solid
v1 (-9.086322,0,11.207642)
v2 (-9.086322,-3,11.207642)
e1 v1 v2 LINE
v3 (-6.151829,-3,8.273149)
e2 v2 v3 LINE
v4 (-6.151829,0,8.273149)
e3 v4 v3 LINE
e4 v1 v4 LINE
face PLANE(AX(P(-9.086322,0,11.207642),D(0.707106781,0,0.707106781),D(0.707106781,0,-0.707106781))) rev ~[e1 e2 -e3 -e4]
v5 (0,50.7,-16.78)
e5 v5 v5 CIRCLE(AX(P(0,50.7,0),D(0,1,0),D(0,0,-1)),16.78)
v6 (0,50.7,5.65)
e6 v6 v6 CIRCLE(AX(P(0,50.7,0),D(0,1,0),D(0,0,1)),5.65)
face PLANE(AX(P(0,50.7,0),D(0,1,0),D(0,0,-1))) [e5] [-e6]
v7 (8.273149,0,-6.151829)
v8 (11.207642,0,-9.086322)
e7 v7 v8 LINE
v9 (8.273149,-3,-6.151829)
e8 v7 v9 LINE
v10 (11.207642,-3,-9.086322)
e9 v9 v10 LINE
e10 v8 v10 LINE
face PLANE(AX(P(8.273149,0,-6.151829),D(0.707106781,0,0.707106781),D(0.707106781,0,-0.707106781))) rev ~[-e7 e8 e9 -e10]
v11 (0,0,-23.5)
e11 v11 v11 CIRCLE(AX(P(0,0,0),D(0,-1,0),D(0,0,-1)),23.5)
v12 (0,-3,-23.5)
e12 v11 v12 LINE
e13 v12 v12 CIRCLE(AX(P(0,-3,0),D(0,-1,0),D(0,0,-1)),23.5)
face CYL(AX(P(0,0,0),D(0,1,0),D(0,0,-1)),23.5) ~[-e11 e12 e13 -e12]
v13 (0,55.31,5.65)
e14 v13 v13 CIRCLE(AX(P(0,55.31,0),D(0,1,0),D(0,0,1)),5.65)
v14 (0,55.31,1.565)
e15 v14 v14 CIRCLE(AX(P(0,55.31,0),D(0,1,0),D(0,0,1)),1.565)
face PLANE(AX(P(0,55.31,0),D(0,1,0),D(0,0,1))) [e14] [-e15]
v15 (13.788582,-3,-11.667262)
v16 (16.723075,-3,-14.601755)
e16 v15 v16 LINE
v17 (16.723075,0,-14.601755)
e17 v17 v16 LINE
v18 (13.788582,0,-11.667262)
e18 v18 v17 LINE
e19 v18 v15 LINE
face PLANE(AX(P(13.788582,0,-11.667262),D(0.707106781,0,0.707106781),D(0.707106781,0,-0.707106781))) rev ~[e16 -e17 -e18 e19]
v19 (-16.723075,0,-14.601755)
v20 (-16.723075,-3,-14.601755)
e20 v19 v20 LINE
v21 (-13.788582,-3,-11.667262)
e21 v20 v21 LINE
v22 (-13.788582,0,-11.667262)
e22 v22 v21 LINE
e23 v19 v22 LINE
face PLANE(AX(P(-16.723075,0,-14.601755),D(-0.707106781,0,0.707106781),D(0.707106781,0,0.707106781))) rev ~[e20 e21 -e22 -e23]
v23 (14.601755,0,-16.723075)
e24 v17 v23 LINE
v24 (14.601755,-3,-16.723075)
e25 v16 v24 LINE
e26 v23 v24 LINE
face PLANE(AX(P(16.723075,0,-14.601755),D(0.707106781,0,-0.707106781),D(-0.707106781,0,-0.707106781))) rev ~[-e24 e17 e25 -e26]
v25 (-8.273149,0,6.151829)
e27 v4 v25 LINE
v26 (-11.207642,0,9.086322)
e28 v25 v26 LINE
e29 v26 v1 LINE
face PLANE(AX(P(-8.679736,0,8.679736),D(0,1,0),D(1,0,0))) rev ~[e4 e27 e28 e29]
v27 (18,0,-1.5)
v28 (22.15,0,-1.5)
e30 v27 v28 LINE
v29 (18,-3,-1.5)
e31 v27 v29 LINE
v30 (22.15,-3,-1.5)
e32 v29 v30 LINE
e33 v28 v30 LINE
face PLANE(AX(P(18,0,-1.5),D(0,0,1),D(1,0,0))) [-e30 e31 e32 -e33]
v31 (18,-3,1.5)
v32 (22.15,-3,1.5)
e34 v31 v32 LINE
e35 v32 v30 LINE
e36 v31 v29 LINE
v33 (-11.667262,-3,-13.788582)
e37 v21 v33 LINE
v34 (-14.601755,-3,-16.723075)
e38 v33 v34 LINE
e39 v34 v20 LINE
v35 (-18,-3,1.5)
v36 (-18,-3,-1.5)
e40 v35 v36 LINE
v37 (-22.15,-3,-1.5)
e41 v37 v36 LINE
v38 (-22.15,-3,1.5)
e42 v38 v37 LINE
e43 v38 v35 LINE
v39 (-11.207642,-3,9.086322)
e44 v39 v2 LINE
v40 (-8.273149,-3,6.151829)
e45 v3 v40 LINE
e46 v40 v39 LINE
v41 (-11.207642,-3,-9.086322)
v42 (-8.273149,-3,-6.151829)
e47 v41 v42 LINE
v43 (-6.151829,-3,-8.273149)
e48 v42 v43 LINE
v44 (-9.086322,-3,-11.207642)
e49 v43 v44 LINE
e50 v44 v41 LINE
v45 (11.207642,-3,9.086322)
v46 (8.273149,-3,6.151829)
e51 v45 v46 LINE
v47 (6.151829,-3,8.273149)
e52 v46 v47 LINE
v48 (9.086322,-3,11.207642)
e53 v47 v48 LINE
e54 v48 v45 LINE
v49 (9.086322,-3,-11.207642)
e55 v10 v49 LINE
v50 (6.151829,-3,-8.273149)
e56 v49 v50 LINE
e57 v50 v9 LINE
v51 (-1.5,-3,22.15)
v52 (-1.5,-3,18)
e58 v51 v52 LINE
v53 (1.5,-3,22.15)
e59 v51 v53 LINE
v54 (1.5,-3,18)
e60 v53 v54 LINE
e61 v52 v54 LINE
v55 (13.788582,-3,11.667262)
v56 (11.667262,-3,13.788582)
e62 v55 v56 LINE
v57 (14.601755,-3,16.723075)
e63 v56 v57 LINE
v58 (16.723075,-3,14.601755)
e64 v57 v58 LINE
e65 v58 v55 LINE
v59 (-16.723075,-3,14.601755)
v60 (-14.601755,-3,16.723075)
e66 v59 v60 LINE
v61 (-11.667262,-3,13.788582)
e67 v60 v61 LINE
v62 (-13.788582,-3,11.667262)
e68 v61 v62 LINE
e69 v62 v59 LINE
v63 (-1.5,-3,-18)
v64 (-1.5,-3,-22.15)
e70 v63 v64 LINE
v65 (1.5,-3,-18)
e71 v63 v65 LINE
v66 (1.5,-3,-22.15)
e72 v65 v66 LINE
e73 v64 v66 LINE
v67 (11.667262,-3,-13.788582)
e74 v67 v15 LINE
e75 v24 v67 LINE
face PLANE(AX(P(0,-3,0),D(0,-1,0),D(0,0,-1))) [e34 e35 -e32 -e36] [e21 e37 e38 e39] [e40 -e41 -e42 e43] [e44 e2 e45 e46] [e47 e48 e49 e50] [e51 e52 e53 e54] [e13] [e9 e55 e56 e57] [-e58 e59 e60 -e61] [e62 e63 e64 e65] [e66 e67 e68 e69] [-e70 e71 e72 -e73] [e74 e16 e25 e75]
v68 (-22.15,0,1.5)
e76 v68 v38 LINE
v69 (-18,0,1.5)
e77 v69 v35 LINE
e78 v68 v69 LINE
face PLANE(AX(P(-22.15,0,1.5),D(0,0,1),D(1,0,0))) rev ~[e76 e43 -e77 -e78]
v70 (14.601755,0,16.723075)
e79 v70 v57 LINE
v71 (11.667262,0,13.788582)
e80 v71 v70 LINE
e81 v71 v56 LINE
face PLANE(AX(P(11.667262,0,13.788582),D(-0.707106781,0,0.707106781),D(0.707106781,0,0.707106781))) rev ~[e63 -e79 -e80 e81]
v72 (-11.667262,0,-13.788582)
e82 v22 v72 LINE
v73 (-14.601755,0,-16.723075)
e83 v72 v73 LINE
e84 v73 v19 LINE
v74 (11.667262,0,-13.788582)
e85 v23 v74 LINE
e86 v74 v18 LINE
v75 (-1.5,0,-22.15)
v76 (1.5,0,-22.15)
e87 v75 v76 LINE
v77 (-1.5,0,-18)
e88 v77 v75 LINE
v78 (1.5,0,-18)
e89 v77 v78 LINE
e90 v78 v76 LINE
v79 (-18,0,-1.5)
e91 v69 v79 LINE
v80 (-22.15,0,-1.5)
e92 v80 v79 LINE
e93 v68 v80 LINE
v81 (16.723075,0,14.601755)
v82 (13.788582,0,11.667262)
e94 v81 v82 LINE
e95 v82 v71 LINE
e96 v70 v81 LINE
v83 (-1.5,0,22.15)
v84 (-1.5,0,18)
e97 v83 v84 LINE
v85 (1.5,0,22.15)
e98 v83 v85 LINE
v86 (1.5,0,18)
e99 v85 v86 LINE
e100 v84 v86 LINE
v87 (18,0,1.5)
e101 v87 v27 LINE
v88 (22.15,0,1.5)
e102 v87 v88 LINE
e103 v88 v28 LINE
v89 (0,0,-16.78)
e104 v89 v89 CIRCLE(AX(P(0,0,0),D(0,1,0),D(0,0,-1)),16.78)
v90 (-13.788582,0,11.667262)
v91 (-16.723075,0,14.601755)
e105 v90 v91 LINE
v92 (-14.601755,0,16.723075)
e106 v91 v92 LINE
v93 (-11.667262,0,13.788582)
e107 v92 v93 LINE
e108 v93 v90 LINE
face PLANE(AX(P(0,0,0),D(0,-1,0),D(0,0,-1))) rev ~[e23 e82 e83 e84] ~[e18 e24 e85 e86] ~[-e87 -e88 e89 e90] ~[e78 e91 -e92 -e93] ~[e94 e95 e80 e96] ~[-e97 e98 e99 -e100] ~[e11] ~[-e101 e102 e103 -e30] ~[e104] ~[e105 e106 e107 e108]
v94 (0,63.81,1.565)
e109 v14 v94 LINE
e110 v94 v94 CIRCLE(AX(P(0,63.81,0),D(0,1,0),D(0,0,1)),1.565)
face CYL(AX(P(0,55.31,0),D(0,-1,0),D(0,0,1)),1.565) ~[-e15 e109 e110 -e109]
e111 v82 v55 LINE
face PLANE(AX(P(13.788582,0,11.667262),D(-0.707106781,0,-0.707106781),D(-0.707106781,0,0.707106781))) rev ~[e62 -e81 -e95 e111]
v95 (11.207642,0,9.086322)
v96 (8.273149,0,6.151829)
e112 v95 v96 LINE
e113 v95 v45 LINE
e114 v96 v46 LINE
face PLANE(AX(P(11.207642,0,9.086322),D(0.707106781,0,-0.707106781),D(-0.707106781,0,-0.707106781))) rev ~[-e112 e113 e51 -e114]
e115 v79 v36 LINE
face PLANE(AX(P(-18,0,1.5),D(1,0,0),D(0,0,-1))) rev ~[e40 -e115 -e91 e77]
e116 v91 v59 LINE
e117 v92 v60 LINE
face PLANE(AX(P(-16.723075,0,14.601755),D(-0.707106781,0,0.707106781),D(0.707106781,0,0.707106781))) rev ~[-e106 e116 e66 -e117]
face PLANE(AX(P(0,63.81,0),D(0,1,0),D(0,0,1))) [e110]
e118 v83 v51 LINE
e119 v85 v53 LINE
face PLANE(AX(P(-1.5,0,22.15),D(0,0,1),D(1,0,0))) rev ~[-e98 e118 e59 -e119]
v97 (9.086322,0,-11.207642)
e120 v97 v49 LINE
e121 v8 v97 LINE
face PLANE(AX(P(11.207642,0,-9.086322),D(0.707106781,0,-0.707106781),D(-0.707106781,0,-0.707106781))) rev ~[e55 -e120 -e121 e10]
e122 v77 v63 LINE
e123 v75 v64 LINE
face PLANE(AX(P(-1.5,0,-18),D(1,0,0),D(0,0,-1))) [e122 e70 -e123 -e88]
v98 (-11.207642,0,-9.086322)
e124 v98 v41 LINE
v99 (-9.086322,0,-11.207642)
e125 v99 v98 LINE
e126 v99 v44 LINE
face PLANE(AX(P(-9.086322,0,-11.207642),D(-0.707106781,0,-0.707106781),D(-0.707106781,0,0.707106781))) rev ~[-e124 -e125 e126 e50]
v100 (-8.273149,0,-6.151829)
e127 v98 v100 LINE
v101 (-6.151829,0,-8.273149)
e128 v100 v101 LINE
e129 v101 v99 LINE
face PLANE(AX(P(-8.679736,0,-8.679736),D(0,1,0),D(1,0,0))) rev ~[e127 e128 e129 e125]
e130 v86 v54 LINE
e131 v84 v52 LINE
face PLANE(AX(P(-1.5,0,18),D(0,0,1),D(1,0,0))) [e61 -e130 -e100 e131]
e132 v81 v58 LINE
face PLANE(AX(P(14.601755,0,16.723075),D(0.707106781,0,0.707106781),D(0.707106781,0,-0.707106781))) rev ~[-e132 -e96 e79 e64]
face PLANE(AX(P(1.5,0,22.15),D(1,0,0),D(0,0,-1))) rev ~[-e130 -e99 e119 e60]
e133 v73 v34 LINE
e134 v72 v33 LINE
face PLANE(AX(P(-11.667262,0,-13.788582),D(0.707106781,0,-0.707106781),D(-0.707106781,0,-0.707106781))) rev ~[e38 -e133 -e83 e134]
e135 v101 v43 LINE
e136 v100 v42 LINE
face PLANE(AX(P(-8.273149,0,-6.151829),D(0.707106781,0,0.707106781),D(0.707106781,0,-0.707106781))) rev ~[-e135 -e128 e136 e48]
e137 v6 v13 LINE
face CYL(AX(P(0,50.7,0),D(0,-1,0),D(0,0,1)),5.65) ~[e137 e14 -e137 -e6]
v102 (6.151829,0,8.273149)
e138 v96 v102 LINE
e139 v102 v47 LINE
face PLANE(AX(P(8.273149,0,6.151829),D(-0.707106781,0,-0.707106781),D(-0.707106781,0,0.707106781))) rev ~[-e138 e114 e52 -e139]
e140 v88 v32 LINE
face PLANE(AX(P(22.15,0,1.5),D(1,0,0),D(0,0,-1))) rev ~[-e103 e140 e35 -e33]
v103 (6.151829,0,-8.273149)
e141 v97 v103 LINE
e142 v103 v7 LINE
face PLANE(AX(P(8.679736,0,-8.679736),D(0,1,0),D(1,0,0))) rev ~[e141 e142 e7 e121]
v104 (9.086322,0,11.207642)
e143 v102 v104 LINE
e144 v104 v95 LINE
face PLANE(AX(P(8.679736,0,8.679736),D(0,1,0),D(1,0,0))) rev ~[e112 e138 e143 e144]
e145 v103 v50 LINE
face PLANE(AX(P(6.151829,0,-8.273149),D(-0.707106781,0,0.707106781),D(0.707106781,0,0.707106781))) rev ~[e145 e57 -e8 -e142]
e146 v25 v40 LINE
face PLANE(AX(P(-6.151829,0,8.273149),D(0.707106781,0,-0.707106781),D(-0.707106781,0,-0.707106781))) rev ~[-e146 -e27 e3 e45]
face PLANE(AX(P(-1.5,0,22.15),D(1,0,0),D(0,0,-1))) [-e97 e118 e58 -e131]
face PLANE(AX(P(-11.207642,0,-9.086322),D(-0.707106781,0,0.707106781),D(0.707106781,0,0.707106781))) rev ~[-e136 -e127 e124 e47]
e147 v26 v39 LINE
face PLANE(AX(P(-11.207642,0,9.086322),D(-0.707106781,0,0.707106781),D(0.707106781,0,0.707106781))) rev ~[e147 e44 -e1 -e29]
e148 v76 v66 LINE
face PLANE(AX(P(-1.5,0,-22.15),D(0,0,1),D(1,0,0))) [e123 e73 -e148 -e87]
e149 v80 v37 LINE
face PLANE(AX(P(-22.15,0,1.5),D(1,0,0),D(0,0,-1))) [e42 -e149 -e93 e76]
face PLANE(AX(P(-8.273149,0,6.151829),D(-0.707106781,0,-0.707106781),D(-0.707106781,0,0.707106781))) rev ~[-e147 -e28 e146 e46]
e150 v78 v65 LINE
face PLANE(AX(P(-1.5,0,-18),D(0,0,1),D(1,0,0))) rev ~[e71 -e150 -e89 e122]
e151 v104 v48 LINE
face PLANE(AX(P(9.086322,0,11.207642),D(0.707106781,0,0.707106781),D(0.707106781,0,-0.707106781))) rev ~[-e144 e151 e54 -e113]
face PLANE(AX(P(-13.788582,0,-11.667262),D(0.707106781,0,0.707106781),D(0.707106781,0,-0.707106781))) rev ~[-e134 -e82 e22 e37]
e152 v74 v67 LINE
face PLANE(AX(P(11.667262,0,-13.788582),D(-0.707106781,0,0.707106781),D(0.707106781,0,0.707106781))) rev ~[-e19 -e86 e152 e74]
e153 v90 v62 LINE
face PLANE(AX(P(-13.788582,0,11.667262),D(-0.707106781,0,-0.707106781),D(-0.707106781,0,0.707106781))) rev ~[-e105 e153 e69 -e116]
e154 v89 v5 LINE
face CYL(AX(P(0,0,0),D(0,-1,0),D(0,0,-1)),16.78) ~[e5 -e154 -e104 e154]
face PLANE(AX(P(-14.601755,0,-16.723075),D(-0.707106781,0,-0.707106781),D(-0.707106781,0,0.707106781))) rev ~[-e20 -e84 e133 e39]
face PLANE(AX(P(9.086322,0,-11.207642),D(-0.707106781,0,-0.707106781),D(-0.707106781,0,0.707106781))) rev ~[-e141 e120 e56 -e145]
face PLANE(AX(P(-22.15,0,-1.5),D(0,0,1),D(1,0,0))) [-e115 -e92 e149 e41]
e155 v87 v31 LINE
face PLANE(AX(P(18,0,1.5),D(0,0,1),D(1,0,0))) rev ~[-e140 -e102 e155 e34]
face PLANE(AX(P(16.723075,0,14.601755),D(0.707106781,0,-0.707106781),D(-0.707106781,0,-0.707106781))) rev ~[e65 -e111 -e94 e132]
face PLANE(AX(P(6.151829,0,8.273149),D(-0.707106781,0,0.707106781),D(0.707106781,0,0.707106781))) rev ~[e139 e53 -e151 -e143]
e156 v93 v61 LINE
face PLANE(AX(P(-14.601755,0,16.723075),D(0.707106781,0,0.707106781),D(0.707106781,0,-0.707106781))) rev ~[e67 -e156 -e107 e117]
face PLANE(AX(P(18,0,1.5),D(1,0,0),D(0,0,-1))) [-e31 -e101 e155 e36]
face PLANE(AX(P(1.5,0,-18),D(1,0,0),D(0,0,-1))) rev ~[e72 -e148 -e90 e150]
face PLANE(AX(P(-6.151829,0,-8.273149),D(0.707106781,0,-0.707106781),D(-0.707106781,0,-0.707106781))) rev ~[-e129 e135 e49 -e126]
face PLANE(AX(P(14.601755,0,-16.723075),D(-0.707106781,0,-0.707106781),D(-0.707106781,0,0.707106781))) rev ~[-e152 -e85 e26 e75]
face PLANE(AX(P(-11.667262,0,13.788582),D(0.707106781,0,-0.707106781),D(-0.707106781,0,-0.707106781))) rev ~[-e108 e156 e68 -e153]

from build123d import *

# Parameters (mm, degrees)
SKICA1_R                 = 16.78
P_IDAT_VYSUNUT_M1_DEPTH  = 50.7
SKICA2_R                 = 5.65
P_IDAT_VYSUNUT_M2_DEPTH  = 4.61
SKICA3_R                 = 1.565
P_IDAT_VYSUNUT_M3_DEPTH  = 8.5
SKETCH6_R                = 23.5
BOSS_EXTRUDE1_DEPTH      = 3
SKETCH8_W                = 4.15
SKETCH8_H                = 3
SKETCH8_W_2              = 3
SKETCH8_H_2              = 4.15
ODEBRAT_VYSUNUT_M2_DEPTH = 3


with BuildPart() as part:
    # Skica1 → Přidat vysunutím1 (new body)
    with BuildSketch(Plane(origin=(0, 0, 0), x_dir=(1, 0, 0), z_dir=(0, 1, 0))):
        with Locations(Location((0, 0, 0), (0, 0, 90))):
            Circle(SKICA1_R)
    extrude(amount=P_IDAT_VYSUNUT_M1_DEPTH)

    # Skica2 → Přidat vysunutím2 (add)
    with BuildSketch(Plane(origin=(0, 50.7, 0), x_dir=(1, 0, 0), z_dir=(0, 1, 0))):
        with Locations(Location((0, 0, 0), (0, 0, 270))):
            Circle(SKICA2_R)
    extrude(amount=P_IDAT_VYSUNUT_M2_DEPTH)

    # Skica3 → Přidat vysunutím3 (add)
    with BuildSketch(Plane(origin=(0, 55.31, 0), x_dir=(1, 0, 0), z_dir=(0, 1, 0))):
        with Locations(Location((0, 0, 0), (0, 0, 270))):
            Circle(SKICA3_R)
    extrude(amount=P_IDAT_VYSUNUT_M3_DEPTH)

    # Sketch6 → Boss-Extrude1 (add)
    with BuildSketch(Plane.XZ):
        with Locations(Location((0, 0, 0), (0, 0, 270))):
            Circle(SKETCH6_R)
    extrude(amount=BOSS_EXTRUDE1_DEPTH)

    # Sketch8 → Odebrat vysunutím2 (cut)
    with BuildSketch(Plane(origin=(0, 0, 0), x_dir=(1, 0, 0), z_dir=(0, 1, 0))):
        with Locations((20.075, 0)):
            Rectangle(SKETCH8_W, SKETCH8_H)
        Polygon((11.66726189, -13.788582233), (14.601755032, -16.723075375), (16.723075375, -14.601755032), (13.788582233, -11.66726189), align=None)
        with Locations((0, -20.075)):
            Rectangle(SKETCH8_W_2, SKETCH8_H_2)
        Polygon((-13.788582233, -11.66726189), (-16.723075375, -14.601755032), (-14.601755032, -16.723075375), (-11.66726189, -13.788582233), align=None)
        with Locations((-20.075, 0)):
            Rectangle(SKETCH8_W, SKETCH8_H)
        Polygon((-11.66726189, 13.788582233), (-14.601755032, 16.723075375), (-16.723075375, 14.601755032), (-13.788582233, 11.66726189), align=None)
        with Locations((0, 20.075)):
            Rectangle(SKETCH8_W_2, SKETCH8_H_2)
        Polygon((13.788582233, 11.66726189), (16.723075375, 14.601755032), (14.601755032, 16.723075375), (11.66726189, 13.788582233), align=None)
        Polygon((6.151828996, -8.27314934), (9.086322138, -11.207642482), (11.207642482, -9.086322138), (8.27314934, -6.151828996), align=None)
        Polygon((-8.27314934, -6.151828996), (-11.207642482, -9.086322138), (-9.086322138, -11.207642482), (-6.151828996, -8.27314934), align=None)
        Polygon((-6.151828996, 8.27314934), (-9.086322138, 11.207642482), (-11.207642482, 9.086322138), (-8.27314934, 6.151828996), align=None)
        Polygon((8.27314934, 6.151828996), (11.207642482, 9.086322138), (9.086322138, 11.207642482), (6.151828996, 8.27314934), align=None)
    extrude(amount=-ODEBRAT_VYSUNUT_M2_DEPTH, mode=Mode.SUBTRACT)


solid = part.part
